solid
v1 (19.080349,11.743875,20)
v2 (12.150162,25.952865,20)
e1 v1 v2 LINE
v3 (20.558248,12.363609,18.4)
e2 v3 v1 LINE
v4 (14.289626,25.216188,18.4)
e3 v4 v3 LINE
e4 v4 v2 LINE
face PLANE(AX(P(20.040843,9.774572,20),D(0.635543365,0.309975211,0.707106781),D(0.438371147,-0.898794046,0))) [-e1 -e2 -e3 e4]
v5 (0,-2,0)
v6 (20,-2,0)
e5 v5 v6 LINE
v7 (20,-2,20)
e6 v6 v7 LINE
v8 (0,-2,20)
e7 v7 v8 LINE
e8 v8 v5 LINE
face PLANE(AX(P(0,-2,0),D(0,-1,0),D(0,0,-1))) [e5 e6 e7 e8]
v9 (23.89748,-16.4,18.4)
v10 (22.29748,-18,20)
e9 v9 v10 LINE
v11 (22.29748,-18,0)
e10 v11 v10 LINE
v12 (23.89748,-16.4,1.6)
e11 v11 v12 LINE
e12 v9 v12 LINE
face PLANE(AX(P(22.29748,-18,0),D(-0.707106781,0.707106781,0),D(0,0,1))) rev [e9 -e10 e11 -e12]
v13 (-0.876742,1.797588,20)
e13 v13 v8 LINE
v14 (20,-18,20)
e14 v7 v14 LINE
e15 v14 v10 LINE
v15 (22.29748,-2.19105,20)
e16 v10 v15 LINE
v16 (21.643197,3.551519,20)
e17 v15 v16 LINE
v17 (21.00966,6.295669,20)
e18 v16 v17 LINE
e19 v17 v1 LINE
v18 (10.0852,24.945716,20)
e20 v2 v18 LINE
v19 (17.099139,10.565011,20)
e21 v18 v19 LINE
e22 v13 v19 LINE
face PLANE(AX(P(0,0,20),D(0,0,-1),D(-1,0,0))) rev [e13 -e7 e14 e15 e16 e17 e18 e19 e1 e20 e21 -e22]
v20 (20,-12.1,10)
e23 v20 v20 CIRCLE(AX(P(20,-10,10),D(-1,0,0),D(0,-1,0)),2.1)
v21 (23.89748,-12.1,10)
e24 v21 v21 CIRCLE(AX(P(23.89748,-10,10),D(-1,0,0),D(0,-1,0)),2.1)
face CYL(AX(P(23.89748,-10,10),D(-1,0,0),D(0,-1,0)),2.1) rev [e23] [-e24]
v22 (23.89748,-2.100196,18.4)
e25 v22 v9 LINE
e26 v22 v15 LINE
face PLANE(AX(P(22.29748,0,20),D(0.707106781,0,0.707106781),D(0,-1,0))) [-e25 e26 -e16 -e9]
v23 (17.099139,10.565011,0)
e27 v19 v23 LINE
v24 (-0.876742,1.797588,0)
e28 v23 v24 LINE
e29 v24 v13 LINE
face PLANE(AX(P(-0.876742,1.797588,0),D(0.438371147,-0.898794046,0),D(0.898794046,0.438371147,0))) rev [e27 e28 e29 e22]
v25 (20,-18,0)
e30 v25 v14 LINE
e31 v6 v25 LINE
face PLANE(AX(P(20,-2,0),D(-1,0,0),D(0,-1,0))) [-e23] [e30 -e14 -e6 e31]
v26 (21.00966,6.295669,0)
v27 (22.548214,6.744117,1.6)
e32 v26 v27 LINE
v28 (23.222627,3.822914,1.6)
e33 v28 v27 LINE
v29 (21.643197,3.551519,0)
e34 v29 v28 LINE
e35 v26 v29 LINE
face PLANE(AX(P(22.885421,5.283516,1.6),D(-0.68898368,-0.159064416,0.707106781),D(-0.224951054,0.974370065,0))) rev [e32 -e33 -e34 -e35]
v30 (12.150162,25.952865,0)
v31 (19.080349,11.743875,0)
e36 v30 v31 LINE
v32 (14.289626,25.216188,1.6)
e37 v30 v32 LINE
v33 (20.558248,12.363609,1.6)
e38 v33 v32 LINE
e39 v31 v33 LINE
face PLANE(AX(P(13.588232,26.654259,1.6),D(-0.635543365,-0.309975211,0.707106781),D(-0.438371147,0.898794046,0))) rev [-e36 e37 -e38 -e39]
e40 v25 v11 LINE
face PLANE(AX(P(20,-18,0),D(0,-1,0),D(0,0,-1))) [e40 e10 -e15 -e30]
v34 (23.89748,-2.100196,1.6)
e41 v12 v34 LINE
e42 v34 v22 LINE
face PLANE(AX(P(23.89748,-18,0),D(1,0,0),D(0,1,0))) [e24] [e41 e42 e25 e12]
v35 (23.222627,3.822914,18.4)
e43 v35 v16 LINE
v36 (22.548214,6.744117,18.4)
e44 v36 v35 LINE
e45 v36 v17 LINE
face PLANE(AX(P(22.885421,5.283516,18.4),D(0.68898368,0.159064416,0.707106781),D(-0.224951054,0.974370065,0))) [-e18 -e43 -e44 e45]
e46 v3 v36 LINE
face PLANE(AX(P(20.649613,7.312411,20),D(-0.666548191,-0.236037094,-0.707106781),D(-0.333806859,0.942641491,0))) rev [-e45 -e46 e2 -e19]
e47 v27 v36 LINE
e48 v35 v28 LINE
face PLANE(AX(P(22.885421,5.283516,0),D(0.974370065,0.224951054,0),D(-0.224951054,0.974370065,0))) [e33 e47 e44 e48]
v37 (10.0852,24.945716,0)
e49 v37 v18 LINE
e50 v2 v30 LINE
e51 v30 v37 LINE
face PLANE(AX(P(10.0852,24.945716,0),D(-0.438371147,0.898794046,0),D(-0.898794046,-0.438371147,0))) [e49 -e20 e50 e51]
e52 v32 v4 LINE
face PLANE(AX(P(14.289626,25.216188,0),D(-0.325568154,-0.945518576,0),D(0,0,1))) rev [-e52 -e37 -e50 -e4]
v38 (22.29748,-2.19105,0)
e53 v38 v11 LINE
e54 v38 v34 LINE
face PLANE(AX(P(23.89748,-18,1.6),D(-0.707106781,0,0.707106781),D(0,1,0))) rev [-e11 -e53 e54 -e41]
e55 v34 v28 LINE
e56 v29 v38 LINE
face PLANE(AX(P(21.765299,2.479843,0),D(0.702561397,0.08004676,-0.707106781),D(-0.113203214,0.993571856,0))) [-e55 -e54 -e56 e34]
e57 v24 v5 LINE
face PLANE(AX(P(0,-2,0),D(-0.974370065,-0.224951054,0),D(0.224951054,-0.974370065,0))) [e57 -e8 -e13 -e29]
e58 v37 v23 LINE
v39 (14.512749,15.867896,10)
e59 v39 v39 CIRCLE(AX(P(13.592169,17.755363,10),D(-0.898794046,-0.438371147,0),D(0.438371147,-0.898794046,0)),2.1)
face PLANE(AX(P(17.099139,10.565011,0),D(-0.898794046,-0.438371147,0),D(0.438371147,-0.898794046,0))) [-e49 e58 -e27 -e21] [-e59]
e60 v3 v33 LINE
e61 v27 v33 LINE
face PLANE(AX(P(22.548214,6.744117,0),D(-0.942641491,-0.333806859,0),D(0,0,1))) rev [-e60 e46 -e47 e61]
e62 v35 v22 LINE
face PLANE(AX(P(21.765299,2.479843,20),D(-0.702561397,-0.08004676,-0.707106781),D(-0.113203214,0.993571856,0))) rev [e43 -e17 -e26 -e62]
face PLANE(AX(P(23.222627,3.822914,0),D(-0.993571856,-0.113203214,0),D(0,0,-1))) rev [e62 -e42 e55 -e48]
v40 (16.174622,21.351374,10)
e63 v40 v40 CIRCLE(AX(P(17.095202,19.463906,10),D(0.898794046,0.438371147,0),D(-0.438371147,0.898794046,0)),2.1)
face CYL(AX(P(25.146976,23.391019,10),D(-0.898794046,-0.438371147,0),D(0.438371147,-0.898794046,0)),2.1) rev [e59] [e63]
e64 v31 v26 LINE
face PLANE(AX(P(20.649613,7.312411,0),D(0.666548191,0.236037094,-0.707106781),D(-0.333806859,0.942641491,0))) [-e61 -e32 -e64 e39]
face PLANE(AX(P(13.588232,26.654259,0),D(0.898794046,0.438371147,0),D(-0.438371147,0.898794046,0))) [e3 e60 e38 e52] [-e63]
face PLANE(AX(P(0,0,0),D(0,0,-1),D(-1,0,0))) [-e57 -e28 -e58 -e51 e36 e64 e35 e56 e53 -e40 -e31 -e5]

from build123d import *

# Parameters (mm, degrees)
BOSS_EXTRU_1_DEPTH      = 20
ESQUISSE2_W             = 20
ESQUISSE2_H             = 20
BOSS_EXTRU_2_DEPTH      = 2
ESQUISSE3_W             = 20
ESQUISSE3_H             = 20
BOSS_EXTRU_3_DEPTH      = 2
ESQUISSE4_W             = 20
ESQUISSE4_H             = 8.998042174
BOSS_EXTRU_4_DEPTH      = 4
BOSS_EXTRU_5_DEPTH      = 20
CHANFREIN1_SIZE         = 3
CHANFREIN2_SIZE         = 1.6
ESQUISSE7_R             = 2.1
ENL_V_MAT_EXTRU_1_DEPTH = 13.855900094
ESQUISSE8_R             = 2.1
ENL_V_MAT_EXTRU_2_DEPTH = 4.897480259
BOSS_EXTRU_6_DEPTH      = 20


with BuildPart() as part:
    # Esquisse1 → Boss.-Extru.1 (new body)
    with BuildSketch(Plane.XY):
        Polygon((0, 0), (20, 0), (17.975880926, 8.767422936), align=None)
    extrude(amount=BOSS_EXTRU_1_DEPTH)

    # Esquisse2 → Boss.-Extru.2 (add)
    with BuildSketch(Plane(origin=(0, 0, 0), x_dir=(0.898794046, 0.438371147, 0), z_dir=(-0.438371147, 0.898794046, 0))):
        with Locations((10, -10)):
            Rectangle(ESQUISSE2_W, ESQUISSE2_H)
    extrude(amount=BOSS_EXTRU_2_DEPTH)

    # Esquisse3 → Boss.-Extru.3 (add)
    with BuildSketch(Plane.XZ):
        with Locations((10, 10)):
            Rectangle(ESQUISSE3_W, ESQUISSE3_H)
    extrude(amount=BOSS_EXTRU_3_DEPTH)

    # Esquisse4 → Boss.-Extru.4 (add)
    with BuildSketch(Plane(origin=(18.987940463, 4.383711468, 0), x_dir=(0, 0, -1), z_dir=(0.974370065, 0.224951054, 0))):
        with Locations((-10, 0)):
            Rectangle(ESQUISSE4_W, ESQUISSE4_H)
    extrude(amount=BOSS_EXTRU_4_DEPTH)

    # Esquisse5 → Boss.-Extru.5 (add)
    with BuildSketch(Plane.XY.offset(20)):
        Polygon((17.099138632, 10.565011028), (10.085200284, 24.945715769), (13.588232336, 26.65425866), (21.873361185, 9.667227153), (17.975880926, 8.767422936), align=None)
        Polygon((20, 0), (20, -2), (20, -18), (23.897480259, -18), (23.897480259, 0.899804217), align=None)
    extrude(amount=-BOSS_EXTRU_5_DEPTH)

    # Chanfrein1
    chanfrein1_edges = [part.edges().sort_by_distance(p)[0] for p in [
        (23.897480259, 0.899804217, 10),
        (21.873361185, 9.667227153, 10),
    ]]
    chamfer(chanfrein1_edges, length=CHANFREIN1_SIZE)

    # Chanfrein2
    chanfrein2_edges = [part.edges().sort_by_distance(p)[0] for p in [
        (13.588232336, 26.65425866, 10),
        (23.897480259, -10.050097891, 0),
        (23.897480259, -18, 10),
        (23.897480259, -10.050097891, 20),
        (22.885420722, 5.283515685, 20),
        (22.885420722, 5.283515685, 0),
        (17.073240041, 19.508933976, 0),
        (21.553231046, 9.553863125, 0),
        (23.560053678, 0.861359315, 0),
        (17.073240041, 19.508933976, 20),
        (21.553231046, 9.553863125, 20),
        (23.560053678, 0.861359315, 20),
    ]]
    chamfer(chanfrein2_edges, length=CHANFREIN2_SIZE)

    # Esquisse7 → Enlèv. mat.-Extru.1 (cut, through all)
    with BuildSketch(Plane(origin=(17.975880926, 8.767422936, 0), x_dir=(0, 0, 1), z_dir=(-0.898794046, -0.438371147, 0))):
        with Locations((10, 10)):
            Circle(ESQUISSE7_R)
    extrude(amount=-ENL_V_MAT_EXTRU_1_DEPTH, mode=Mode.SUBTRACT)

    # Esquisse8 → Enlèv. mat.-Extru.2 (cut, through all)
    with BuildSketch(Plane.ZY.offset(-20)):
        with Locations((10, -10)):
            Circle(ESQUISSE8_R)
    extrude(amount=-ENL_V_MAT_EXTRU_2_DEPTH, mode=Mode.SUBTRACT)

    # Esquisse9 → Boss.-Extru.6 (add)
    with BuildSketch(Plane.XY.offset(20)):
        Polygon((-0.876742294, 1.797588093), (0, 0), (0, -2), align=None)
    extrude(amount=-BOSS_EXTRU_6_DEPTH)


solid = part.part
